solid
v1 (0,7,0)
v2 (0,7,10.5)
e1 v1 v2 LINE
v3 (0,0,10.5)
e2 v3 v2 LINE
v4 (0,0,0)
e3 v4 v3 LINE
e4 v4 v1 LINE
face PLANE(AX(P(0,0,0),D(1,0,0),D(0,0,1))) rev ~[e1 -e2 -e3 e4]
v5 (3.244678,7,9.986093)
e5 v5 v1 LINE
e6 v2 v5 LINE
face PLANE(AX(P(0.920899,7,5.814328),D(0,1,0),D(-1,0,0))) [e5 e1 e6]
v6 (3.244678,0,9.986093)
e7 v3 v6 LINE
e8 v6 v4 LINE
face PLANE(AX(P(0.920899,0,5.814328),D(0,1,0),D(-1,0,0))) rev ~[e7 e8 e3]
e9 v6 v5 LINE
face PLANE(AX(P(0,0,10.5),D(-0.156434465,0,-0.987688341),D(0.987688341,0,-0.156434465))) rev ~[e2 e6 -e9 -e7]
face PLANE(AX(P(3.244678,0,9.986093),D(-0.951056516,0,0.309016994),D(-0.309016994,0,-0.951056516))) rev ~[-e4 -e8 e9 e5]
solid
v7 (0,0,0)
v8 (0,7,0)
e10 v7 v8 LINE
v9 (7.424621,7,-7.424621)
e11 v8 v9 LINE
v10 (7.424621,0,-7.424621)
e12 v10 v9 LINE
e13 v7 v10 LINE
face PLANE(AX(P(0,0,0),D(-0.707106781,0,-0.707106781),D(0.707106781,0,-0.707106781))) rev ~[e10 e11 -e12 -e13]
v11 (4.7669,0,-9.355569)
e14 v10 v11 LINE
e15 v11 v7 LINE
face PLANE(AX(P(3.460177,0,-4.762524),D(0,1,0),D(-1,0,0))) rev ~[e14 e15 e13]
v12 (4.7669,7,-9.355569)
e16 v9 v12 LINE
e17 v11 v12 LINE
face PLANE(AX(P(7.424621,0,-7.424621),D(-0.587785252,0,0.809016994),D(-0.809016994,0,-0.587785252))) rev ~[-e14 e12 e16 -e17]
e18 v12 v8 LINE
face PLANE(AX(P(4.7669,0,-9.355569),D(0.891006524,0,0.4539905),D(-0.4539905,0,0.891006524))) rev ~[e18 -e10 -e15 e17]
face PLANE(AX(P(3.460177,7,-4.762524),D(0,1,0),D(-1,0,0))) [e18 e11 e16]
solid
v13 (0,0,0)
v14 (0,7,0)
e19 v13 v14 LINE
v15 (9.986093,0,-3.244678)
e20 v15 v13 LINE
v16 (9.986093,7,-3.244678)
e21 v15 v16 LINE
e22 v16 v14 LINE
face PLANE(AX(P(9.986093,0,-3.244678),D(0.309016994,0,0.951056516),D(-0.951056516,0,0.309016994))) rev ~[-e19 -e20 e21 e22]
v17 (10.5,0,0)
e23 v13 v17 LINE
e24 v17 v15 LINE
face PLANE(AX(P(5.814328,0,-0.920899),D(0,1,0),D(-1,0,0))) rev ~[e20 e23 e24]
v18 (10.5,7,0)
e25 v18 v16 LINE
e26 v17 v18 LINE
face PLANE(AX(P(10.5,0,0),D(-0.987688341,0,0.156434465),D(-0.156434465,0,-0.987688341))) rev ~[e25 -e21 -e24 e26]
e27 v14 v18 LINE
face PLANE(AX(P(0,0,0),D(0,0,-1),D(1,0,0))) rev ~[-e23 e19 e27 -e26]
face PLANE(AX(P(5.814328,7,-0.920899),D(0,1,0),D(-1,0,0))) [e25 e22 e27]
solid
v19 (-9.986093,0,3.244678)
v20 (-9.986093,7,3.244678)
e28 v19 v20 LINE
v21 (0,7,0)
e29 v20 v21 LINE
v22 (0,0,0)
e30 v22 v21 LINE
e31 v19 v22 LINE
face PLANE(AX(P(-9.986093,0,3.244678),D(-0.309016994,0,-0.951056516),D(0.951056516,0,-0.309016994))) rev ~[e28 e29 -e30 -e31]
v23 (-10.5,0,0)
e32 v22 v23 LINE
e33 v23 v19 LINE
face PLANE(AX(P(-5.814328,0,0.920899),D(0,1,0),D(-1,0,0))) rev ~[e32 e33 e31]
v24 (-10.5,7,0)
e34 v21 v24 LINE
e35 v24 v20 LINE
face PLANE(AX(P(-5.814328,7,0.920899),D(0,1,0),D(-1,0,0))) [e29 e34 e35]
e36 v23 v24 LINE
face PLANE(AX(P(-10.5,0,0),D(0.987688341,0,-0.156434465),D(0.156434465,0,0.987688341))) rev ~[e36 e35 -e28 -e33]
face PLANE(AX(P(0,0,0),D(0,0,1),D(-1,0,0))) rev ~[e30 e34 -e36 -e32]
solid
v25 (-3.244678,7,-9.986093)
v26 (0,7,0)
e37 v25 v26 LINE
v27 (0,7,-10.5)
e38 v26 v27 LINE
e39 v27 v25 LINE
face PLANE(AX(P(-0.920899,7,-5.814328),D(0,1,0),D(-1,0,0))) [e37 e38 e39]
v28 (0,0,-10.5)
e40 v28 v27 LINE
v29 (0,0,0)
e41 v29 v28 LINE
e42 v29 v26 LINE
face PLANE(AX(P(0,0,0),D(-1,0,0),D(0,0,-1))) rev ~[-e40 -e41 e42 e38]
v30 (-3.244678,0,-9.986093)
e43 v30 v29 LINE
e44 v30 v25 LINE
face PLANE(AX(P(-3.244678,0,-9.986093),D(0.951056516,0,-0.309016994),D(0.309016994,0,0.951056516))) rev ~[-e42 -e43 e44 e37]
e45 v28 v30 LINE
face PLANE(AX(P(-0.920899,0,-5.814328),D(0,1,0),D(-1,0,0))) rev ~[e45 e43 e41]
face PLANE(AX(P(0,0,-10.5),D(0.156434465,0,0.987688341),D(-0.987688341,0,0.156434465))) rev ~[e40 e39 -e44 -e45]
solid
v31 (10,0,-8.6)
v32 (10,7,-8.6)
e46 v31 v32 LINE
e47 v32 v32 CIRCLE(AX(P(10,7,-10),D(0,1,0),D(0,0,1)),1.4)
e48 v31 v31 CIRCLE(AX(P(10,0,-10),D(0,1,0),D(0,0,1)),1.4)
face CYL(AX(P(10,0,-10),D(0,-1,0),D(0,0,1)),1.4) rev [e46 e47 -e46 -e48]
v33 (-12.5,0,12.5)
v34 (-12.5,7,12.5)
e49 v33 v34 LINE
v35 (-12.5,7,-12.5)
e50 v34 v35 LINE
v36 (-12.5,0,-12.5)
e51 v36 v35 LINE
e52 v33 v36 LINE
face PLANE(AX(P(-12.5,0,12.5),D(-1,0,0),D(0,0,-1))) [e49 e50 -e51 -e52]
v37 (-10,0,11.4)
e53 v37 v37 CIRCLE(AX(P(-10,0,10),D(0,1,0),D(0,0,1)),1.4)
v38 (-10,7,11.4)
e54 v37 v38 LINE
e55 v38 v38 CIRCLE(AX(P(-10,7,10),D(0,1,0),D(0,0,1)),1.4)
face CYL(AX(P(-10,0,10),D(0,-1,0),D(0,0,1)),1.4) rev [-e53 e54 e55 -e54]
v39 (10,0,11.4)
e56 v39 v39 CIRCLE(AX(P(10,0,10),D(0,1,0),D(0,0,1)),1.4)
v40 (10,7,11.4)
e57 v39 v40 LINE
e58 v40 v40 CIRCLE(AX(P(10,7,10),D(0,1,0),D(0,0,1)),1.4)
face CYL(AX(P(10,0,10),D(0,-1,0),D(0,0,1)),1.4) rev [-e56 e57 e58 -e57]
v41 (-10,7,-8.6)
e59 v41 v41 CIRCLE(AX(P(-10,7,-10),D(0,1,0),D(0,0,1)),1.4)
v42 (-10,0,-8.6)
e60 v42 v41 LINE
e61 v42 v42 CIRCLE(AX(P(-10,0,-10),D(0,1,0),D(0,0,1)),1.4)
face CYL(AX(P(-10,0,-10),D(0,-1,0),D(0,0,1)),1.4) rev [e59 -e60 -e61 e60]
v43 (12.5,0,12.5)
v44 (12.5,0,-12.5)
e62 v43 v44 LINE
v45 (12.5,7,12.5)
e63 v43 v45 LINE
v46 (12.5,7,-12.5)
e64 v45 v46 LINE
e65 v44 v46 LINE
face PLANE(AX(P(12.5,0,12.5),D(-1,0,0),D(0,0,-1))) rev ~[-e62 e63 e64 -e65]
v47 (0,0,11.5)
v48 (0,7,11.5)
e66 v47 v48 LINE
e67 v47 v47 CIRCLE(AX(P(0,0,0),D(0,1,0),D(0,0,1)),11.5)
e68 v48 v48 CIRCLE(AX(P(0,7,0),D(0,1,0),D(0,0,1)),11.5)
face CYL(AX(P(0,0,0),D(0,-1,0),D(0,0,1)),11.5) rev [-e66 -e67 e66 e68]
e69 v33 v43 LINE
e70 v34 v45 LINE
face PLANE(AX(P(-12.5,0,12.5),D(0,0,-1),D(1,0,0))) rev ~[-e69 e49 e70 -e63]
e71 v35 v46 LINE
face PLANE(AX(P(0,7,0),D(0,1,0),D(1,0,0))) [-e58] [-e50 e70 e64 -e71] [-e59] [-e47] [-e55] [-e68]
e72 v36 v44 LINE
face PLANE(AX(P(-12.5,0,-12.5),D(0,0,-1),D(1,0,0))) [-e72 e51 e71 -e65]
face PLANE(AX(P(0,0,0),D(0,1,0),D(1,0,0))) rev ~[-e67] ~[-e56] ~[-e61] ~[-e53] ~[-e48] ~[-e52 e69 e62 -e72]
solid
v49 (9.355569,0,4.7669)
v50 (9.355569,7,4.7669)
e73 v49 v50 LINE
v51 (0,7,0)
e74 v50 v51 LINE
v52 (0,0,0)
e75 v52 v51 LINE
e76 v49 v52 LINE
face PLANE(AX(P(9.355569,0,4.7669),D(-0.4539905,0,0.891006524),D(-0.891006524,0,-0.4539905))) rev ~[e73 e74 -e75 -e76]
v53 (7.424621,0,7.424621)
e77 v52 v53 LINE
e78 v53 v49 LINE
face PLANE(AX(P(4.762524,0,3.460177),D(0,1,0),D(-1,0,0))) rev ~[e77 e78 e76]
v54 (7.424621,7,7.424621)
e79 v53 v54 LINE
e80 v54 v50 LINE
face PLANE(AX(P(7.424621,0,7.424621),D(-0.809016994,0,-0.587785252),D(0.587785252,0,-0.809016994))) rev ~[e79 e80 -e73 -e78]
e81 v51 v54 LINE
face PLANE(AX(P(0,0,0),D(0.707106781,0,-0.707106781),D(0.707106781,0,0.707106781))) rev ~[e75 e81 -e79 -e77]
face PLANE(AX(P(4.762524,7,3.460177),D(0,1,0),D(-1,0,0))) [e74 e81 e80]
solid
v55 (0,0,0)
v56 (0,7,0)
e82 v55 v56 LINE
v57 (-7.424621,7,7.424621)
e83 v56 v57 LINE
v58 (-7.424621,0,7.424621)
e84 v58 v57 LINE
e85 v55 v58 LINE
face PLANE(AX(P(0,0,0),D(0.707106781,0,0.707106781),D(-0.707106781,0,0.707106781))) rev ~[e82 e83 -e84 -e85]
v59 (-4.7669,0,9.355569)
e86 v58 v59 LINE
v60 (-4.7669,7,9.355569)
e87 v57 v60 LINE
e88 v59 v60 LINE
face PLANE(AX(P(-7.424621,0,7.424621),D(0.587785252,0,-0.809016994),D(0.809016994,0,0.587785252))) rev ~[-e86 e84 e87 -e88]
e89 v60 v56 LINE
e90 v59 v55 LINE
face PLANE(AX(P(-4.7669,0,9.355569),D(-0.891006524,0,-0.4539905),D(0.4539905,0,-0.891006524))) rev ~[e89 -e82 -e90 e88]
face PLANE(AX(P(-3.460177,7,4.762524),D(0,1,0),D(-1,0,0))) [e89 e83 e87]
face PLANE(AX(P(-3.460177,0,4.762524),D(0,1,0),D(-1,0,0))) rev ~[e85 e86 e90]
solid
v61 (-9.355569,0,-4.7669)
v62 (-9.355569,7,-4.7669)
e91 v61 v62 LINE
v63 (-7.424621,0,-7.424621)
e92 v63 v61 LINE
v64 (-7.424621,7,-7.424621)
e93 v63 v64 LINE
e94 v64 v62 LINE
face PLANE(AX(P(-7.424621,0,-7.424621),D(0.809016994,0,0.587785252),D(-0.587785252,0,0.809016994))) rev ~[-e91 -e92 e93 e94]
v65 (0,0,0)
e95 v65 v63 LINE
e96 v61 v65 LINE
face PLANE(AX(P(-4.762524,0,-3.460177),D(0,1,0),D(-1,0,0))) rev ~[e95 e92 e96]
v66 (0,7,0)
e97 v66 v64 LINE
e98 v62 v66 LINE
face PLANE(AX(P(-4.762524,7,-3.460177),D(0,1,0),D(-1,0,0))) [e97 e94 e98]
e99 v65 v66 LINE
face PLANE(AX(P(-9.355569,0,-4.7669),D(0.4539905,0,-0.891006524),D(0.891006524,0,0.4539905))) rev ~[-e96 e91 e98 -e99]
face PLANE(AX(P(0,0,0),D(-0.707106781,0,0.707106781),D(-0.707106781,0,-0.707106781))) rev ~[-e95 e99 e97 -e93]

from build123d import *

# Parameters (mm, degrees)
SKETCH_1_W        = 25
SKETCH_1_H        = 25
SKETCH_1_R        = 1.4
SKETCH_1_R_2      = 11.5
EXTRUDE_1_DEPTH   = 7
EXTRUDE_2_DEPTH   = 7
EXTRUDE_2_2_DEPTH = 7
EXTRUDE_2_3_DEPTH = 7
EXTRUDE_2_4_DEPTH = 7
EXTRUDE_2_5_DEPTH = 7
EXTRUDE_2_6_DEPTH = 7
EXTRUDE_2_7_DEPTH = 7
EXTRUDE_2_8_DEPTH = 7


with BuildPart() as part:
    # 草图1 → 凸台-拉伸1 (new body)
    with BuildSketch(Plane(origin=(0, 0, 0), x_dir=(1, 0, 0), z_dir=(0, 1, 0))):
        Rectangle(SKETCH_1_W, SKETCH_1_H)
        with Locations(Location((-10, 10, 0), (0, 0, 270))):
            Circle(SKETCH_1_R, mode=Mode.SUBTRACT)
        with Locations(Location((0, 0, 0), (0, 0, 270))):
            Circle(SKETCH_1_R_2, mode=Mode.SUBTRACT)
        with Locations(Location((10, 10, 0), (0, 0, 270))):
            Circle(SKETCH_1_R, mode=Mode.SUBTRACT)
        with Locations(Location((10, -10, 0), (0, 0, 270))):
            Circle(SKETCH_1_R, mode=Mode.SUBTRACT)
        with Locations(Location((-10, -10, 0), (0, 0, 270))):
            Circle(SKETCH_1_R, mode=Mode.SUBTRACT)
    extrude(amount=EXTRUDE_1_DEPTH)


with BuildPart() as body_2:
    # 草图2 → 凸台-拉伸2 (new body)
    with BuildSketch(Plane.XZ):
        Polygon((0, 0), (7.424621202, -7.424621202), (4.766900247, -9.355568504), align=None)
    extrude(amount=-EXTRUDE_2_DEPTH)


with BuildPart() as body_3:
    # 草图2 → Extrude 2 2 (new body)
    with BuildSketch(Plane.XZ):
        Polygon((-3.244678441, -9.986093421), (0, 0), (0, -10.5), align=None)
    extrude(amount=-EXTRUDE_2_2_DEPTH)


with BuildPart() as body_4:
    # 草图2 → Extrude 2 3 (new body)
    with BuildSketch(Plane.XZ):
        Polygon((0, 0), (-7.424621202, -7.424621202), (-9.355568504, -4.766900247), align=None)
    extrude(amount=-EXTRUDE_2_3_DEPTH)


with BuildPart() as body_5:
    # 草图2 → Extrude 2 4 (new body)
    with BuildSketch(Plane.XZ):
        Polygon((0, 0), (-10.5, 0), (-9.986093421, 3.244678441), align=None)
    extrude(amount=-EXTRUDE_2_4_DEPTH)


with BuildPart() as body_6:
    # 草图2 → Extrude 2 5 (new body)
    with BuildSketch(Plane.XZ):
        Polygon((0, 0), (-7.424621202, 7.424621202), (-4.766900247, 9.355568504), align=None)
    extrude(amount=-EXTRUDE_2_5_DEPTH)


with BuildPart() as body_7:
    # 草图2 → Extrude 2 6 (new body)
    with BuildSketch(Plane.XZ):
        Polygon((0, 0), (0, 10.5), (3.244678441, 9.986093421), align=None)
    extrude(amount=-EXTRUDE_2_6_DEPTH)


with BuildPart() as body_8:
    # 草图2 → Extrude 2 7 (new body)
    with BuildSketch(Plane.XZ):
        Polygon((0, 0), (7.424621202, 7.424621202), (9.355568504, 4.766900247), align=None)
    extrude(amount=-EXTRUDE_2_7_DEPTH)


with BuildPart() as body_9:
    # 草图2 → Extrude 2 8 (new body)
    with BuildSketch(Plane.XZ):
        Polygon((0, 0), (10.5, 0), (9.986093421, -3.244678441), align=None)
    extrude(amount=-EXTRUDE_2_8_DEPTH)


solid = Compound([part.part, body_2.part, body_3.part, body_4.part, body_5.part, body_6.part, body_7.part, body_8.part, body_9.part])
